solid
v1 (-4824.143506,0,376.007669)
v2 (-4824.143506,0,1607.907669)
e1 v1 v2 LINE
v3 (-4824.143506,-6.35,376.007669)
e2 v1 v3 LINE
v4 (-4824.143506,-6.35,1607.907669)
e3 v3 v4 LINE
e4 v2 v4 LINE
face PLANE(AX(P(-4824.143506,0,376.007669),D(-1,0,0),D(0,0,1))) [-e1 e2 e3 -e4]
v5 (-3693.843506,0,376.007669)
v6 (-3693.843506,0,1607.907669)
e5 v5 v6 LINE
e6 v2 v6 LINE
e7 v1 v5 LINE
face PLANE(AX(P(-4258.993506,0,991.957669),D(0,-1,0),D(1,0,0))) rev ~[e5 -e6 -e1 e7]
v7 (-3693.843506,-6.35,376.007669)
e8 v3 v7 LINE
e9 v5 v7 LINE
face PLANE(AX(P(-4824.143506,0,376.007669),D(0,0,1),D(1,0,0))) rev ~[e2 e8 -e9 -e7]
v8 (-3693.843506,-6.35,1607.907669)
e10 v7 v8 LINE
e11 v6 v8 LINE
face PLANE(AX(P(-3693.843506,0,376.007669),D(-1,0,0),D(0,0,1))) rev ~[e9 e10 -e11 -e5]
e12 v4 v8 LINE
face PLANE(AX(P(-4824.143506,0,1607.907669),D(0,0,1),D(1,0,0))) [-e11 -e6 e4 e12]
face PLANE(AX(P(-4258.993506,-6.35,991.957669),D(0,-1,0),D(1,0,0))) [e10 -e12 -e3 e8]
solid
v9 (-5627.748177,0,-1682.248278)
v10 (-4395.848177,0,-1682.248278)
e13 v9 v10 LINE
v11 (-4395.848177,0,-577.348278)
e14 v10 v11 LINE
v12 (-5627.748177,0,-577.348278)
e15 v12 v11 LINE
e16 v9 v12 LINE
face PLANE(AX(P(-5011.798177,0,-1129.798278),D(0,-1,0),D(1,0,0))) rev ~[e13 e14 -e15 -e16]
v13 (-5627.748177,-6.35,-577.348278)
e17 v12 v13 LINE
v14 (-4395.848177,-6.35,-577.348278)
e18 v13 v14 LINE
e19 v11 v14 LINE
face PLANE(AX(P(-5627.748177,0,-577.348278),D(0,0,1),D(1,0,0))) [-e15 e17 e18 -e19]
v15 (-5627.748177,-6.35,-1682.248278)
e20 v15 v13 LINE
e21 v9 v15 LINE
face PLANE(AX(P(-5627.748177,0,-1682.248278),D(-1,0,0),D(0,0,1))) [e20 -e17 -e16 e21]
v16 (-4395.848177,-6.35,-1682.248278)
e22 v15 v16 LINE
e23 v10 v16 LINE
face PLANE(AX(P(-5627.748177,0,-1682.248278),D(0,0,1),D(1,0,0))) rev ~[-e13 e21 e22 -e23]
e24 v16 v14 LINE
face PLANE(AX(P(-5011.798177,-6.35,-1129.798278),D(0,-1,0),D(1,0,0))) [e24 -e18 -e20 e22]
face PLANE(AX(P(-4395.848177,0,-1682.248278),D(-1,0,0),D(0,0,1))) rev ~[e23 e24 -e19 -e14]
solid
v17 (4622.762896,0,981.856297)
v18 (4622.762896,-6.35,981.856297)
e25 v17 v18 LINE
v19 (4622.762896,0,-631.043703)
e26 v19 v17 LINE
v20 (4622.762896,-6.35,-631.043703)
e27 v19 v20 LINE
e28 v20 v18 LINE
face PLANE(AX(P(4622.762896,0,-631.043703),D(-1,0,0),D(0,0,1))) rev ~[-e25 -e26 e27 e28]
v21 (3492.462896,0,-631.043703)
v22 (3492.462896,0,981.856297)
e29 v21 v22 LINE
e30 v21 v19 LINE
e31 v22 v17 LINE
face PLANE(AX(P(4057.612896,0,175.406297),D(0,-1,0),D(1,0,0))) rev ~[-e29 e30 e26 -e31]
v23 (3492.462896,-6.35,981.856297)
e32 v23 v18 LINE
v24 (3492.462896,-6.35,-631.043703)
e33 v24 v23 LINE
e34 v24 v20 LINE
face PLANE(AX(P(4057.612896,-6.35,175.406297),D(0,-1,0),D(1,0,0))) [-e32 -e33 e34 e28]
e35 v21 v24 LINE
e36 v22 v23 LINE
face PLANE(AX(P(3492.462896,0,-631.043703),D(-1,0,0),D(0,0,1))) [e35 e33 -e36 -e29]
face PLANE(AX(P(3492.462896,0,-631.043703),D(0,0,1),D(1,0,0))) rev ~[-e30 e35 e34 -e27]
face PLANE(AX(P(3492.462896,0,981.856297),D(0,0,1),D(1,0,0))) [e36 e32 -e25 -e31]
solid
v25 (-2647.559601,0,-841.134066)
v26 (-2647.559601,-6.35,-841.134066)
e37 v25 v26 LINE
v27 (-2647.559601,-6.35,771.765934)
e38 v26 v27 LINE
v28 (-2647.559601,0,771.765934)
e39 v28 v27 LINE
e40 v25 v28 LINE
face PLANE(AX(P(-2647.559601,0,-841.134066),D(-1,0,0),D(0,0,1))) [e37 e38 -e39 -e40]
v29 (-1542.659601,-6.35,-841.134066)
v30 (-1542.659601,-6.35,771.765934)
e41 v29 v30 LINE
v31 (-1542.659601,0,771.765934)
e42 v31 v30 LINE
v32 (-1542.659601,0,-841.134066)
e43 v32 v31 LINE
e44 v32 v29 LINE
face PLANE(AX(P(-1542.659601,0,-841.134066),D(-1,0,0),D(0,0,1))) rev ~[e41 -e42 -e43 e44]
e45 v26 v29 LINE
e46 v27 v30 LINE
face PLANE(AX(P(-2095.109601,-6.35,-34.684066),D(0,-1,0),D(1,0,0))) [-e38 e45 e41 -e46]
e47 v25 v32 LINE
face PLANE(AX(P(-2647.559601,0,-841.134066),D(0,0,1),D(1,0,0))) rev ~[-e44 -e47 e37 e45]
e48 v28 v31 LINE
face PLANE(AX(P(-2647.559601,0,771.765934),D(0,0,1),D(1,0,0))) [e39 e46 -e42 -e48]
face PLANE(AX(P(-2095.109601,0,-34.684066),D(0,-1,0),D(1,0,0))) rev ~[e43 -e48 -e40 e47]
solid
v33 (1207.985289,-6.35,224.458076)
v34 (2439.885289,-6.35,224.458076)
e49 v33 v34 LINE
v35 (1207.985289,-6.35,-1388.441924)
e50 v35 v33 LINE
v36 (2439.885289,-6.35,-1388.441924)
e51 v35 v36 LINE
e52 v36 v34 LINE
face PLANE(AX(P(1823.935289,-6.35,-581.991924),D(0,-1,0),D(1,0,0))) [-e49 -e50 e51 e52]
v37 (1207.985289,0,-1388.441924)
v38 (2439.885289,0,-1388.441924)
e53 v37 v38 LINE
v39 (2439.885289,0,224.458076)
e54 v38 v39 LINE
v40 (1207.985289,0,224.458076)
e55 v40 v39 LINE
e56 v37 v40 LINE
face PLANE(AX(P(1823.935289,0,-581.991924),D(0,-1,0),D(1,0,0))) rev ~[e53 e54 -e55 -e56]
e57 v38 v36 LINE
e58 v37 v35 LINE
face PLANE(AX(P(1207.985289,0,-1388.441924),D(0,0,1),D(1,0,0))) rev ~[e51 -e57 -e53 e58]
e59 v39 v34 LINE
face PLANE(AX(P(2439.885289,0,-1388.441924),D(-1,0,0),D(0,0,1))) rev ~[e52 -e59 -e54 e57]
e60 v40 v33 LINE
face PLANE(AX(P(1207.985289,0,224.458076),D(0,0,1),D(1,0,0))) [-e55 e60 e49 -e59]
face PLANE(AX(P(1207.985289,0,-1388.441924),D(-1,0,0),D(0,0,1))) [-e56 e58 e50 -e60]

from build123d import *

# Parameters (mm, degrees)
F0_W      = 1219.2
F0_H      = 2438.4
F1_DEPTH  = 6.35
F2_W      = 1104.9
F2_H      = 1612.9
F3_DEPTH  = 6.35
F4_W      = 1231.9
F4_H      = 1612.9
F5_DEPTH  = 6.35
F6_W      = 1231.9
F6_H      = 1104.9
F7_DEPTH  = 6.35
F8_W      = 1130.3
F8_H      = 1231.9
F9_DEPTH  = 6.35
F10_W     = 1130.3
F10_H     = 1612.9
F11_DEPTH = 6.35


with BuildPart() as f1:
    # F0 (on Front) → F1 (new body)
    with BuildSketch(Plane.XZ):
        with Locations((9.893047, 686.749916)):
            Rectangle(F0_W, F0_H)
    extrude(amount=F1_DEPTH)


with BuildPart() as f3:
    # F2 (on Front) → F3 (new body)
    with BuildSketch(Plane.XZ):
        with Locations((-2095.109601, -34.684066)):
            Rectangle(F2_W, F2_H)
    extrude(amount=F3_DEPTH)


with BuildPart() as f5:
    # F4 (on Front) → F5 (new body)
    with BuildSketch(Plane.XZ):
        with Locations((1823.935289, -581.991924)):
            Rectangle(F4_W, F4_H)
    extrude(amount=F5_DEPTH)


with BuildPart() as f7:
    # F6 (on Front) → F7 (new body)
    with BuildSketch(Plane.XZ):
        with Locations((-5011.798177, -1129.798278)):
            Rectangle(F6_W, F6_H)
    extrude(amount=F7_DEPTH)


with BuildPart() as f9:
    # F8 (on Front) → F9 (new body)
    with BuildSketch(Plane.XZ):
        with Locations((-4258.993506, 991.957669)):
            Rectangle(F8_W, F8_H)
    extrude(amount=F9_DEPTH)


with BuildPart() as f11:
    # F10 (on Front) → F11 (new body)
    with BuildSketch(Plane.XZ):
        with Locations((4057.612896, 175.406297)):
            Rectangle(F10_W, F10_H)
    extrude(amount=F11_DEPTH)


solid = Compound([f3.part, f5.part, f7.part, f9.part, f11.part])
